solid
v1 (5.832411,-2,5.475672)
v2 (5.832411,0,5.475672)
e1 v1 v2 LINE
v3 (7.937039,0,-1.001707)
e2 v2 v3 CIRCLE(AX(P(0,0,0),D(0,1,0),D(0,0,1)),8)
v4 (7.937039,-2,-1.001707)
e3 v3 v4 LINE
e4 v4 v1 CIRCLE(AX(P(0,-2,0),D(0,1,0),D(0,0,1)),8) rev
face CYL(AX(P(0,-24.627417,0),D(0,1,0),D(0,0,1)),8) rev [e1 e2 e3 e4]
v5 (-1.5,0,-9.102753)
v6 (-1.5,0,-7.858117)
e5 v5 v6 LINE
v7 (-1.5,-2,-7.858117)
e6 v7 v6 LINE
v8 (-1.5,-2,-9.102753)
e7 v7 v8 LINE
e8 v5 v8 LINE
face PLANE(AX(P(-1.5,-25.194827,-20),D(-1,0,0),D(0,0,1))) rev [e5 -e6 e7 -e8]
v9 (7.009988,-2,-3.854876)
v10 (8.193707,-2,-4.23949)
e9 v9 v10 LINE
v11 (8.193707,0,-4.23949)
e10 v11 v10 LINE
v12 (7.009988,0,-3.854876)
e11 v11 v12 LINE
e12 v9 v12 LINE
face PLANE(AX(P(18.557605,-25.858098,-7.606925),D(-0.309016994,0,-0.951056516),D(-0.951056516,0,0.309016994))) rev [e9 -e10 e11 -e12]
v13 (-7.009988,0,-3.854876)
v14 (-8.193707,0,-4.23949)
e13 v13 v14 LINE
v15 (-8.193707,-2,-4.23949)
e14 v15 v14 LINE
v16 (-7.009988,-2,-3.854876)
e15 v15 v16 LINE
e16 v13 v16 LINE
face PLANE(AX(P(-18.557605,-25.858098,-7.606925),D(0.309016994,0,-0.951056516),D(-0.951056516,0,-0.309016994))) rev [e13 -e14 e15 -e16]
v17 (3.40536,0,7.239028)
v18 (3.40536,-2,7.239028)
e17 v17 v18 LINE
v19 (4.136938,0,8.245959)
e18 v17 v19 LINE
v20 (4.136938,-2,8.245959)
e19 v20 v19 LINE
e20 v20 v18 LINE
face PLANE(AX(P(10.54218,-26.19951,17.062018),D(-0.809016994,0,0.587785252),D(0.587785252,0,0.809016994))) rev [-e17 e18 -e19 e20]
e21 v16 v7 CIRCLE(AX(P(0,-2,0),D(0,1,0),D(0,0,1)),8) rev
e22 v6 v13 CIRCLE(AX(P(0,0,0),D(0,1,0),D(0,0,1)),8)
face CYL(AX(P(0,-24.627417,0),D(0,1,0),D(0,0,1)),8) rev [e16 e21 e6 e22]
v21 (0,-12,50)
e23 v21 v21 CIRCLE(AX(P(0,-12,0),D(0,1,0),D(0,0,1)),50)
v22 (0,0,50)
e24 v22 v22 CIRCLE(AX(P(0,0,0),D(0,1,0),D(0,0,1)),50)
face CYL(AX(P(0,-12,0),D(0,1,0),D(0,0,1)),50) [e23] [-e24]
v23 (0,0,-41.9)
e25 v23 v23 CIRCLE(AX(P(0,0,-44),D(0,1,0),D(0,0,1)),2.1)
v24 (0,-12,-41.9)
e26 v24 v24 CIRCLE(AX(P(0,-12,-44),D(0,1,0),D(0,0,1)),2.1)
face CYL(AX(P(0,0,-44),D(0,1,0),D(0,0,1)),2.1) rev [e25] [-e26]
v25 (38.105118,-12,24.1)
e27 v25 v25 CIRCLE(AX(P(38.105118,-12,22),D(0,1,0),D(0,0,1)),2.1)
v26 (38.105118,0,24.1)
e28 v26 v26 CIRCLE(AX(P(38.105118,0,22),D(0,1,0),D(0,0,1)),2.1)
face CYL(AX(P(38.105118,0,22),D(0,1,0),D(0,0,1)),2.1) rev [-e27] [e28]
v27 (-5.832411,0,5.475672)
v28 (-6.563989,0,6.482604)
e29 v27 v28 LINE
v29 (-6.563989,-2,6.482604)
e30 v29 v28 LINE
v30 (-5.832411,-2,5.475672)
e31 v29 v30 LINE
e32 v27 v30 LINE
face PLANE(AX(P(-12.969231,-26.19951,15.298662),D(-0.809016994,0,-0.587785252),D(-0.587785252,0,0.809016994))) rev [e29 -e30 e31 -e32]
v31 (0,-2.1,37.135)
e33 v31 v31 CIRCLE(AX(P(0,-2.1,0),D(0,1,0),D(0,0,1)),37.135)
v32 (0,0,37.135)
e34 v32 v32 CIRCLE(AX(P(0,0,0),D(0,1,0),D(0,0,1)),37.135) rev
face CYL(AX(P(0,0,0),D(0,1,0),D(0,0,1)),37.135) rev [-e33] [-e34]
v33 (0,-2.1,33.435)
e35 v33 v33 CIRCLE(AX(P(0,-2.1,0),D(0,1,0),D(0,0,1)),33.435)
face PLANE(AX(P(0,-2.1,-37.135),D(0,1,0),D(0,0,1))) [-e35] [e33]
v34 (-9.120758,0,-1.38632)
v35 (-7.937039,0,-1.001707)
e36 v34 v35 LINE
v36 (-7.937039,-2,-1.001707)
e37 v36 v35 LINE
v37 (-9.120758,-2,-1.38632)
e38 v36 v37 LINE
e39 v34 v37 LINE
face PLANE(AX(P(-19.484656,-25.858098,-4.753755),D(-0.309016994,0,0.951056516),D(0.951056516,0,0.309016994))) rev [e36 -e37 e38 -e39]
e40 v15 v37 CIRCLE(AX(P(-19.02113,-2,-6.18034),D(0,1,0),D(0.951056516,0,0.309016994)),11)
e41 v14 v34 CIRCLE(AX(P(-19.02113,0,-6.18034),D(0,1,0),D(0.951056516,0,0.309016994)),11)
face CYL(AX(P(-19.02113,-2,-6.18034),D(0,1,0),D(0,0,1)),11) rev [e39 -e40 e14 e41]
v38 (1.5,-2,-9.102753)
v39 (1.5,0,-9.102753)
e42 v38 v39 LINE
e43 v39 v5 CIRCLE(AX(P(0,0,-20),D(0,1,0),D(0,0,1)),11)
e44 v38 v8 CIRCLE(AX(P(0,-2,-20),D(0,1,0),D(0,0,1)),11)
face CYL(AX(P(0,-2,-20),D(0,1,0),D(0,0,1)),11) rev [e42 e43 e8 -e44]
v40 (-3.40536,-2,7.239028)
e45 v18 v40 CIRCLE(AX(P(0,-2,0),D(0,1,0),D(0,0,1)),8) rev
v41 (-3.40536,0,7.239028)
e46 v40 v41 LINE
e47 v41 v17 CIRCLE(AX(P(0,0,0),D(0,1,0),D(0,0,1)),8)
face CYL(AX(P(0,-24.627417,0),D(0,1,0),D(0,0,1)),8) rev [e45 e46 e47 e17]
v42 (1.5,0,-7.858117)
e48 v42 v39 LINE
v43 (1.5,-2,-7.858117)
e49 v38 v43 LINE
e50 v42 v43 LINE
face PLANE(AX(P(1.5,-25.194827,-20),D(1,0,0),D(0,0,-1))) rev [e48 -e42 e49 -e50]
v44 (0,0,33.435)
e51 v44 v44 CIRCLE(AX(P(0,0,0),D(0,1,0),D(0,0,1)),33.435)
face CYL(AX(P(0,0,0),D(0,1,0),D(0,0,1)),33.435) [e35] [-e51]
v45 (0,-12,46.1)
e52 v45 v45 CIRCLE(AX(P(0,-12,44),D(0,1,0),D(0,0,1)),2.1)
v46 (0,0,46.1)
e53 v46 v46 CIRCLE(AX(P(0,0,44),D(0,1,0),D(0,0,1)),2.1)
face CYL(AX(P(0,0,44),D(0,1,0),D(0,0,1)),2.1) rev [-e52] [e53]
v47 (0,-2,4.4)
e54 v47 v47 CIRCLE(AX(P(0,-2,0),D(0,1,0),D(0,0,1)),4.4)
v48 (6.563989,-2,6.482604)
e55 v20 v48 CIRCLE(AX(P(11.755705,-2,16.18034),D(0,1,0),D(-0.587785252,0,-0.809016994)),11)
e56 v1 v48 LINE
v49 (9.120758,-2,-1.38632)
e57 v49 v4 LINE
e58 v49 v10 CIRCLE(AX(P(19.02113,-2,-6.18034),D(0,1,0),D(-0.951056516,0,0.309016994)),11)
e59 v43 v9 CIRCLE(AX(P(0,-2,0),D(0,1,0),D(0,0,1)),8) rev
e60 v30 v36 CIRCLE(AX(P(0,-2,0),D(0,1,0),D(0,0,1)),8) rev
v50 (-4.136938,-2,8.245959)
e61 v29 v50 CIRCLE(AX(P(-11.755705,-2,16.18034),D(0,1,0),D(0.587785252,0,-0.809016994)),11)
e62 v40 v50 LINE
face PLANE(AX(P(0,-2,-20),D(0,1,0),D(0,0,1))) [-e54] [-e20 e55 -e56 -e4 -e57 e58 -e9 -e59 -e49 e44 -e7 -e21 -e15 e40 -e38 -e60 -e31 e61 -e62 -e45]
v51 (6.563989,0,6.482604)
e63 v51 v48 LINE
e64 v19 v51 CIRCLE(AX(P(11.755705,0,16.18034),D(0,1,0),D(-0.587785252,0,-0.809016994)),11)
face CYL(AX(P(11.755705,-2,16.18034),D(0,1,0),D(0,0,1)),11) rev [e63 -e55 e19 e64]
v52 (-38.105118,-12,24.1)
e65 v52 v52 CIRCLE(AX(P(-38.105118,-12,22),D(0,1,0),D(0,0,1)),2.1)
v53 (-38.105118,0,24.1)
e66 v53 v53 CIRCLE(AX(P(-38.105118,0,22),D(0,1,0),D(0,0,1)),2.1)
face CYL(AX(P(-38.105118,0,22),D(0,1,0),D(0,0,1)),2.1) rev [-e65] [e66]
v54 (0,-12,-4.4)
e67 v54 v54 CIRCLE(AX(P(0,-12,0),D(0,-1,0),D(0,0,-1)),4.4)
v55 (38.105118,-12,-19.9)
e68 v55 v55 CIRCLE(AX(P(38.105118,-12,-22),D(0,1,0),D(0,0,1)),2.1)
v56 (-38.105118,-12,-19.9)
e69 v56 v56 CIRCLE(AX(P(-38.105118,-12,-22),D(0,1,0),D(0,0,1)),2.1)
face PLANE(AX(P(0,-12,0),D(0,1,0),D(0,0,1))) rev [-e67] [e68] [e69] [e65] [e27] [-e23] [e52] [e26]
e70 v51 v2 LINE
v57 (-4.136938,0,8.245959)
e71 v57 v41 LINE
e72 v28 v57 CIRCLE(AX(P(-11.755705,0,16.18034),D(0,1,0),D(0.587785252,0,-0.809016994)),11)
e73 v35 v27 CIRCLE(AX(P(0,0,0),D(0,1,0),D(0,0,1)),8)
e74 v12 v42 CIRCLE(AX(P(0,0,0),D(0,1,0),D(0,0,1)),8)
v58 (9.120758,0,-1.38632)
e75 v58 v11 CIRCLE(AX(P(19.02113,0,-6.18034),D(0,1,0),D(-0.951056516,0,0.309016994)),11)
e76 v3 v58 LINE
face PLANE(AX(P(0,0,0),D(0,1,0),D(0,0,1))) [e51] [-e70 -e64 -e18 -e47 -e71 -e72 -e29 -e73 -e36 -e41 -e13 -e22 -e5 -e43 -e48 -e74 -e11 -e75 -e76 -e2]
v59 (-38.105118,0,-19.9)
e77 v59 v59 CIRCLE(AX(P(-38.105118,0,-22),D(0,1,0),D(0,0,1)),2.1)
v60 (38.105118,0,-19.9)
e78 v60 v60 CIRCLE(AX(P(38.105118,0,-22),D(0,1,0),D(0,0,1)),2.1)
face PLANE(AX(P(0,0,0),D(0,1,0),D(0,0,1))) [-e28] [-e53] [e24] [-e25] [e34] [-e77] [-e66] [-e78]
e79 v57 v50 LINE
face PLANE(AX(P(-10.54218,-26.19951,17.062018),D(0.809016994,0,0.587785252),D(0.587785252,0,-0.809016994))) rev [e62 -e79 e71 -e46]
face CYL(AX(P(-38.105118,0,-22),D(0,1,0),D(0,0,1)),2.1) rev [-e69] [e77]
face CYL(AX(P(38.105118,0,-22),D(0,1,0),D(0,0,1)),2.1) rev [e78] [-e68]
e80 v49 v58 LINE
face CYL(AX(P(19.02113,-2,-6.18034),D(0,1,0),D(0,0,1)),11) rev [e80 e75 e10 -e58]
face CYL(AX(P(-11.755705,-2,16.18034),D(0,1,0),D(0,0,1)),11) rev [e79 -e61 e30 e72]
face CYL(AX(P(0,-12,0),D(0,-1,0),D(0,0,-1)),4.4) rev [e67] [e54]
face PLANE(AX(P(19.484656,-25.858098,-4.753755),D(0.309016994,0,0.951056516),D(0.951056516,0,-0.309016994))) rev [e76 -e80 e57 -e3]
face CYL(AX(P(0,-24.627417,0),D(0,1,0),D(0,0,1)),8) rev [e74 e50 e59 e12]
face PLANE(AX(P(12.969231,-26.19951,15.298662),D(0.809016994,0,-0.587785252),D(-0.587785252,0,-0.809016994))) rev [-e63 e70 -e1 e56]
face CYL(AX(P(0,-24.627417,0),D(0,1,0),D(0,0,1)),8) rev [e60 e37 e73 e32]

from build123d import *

# Parameters (mm, degrees)
CROQUIS2_R              = 50
SALIENTE_EXTRUIR1_DEPTH = 12
CROQUIS2_3_R            = 11
CORTAR_EXTRUIR1_DEPTH   = 2
CROQUIS2_6_R            = 8
CORTAR_EXTRUIR4_DEPTH   = 2
TALADRO_ROSCADO_G1_81_D = 8.8
CORTAR_EXTRUIR3_DEPTH   = 2
MATRIZC1_COUNT          = 5
CROQUIS7_W              = 3.7
CROQUIS7_H              = 4.2
TALADRO_ROSCADO_M51_D   = 4.2
MATRIZC2_COUNT          = 6


with BuildPart() as part:
    # Croquis2 → Saliente-Extruir1 (new body)
    with BuildSketch(Plane(origin=(0, 0, 0), x_dir=(1, 0, 0), z_dir=(0, 1, 0))):
        Circle(CROQUIS2_R)
    extrude(amount=-SALIENTE_EXTRUIR1_DEPTH)

    # Croquis2<3> → Cortar-Extruir1 (cut)
    with BuildSketch(Plane(origin=(0, 0, 0), x_dir=(1, 0, 0), z_dir=(0, 1, 0))):
        with Locations((0, 20)):
            Circle(CROQUIS2_3_R)
    cortar_extruir1 = extrude(amount=-CORTAR_EXTRUIR1_DEPTH, mode=Mode.SUBTRACT)

    # Croquis2<6> → Cortar-Extruir4 (cut)
    with BuildSketch(Plane(origin=(0, 0, 0), x_dir=(1, 0, 0), z_dir=(0, 1, 0))):
        Circle(CROQUIS2_6_R)
    extrude(amount=-CORTAR_EXTRUIR4_DEPTH, mode=Mode.SUBTRACT)

    # Taladro roscado G1/81 (through all)
    with Locations(Plane(origin=(0, -12, 0), x_dir=(-1, 0, 0), z_dir=(0, -1, 0))):
        with Locations((0, 0)):
            Hole(TALADRO_ROSCADO_G1_81_D / 2)

    # Croquis6 → Cortar-Extruir3 (cut)
    with BuildSketch(Plane(origin=(0, 0, 0), x_dir=(1, 0, 0), z_dir=(0, 1, 0))):
        with BuildLine():
            Line((1.5, 20), (1.5, 0))
            ThreePointArc((1.5, 0), (0, -1.5), (-1.5, 0))
            Line((-1.5, 0), (-1.5, 20))
            ThreePointArc((-1.5, 20), (0, 21.5), (1.5, 20))
        make_face()
    cortar_extruir3 = extrude(amount=-CORTAR_EXTRUIR3_DEPTH, mode=Mode.SUBTRACT)

    # MatrizC1: Cortar-Extruir1, Cortar-Extruir3 ×5 about axis
    matrizc1_axis = Axis((0, 0, 0), (0, 1, 0))
    for i in range(1, MATRIZC1_COUNT):
        add(cortar_extruir1.rotate(matrizc1_axis, i * 360 / MATRIZC1_COUNT), mode=Mode.SUBTRACT)
        add(cortar_extruir3.rotate(matrizc1_axis, i * 360 / MATRIZC1_COUNT), mode=Mode.SUBTRACT)

    # Croquis7 → Cortar-Revolución1 (revolve, cut)
    with BuildSketch(Plane(origin=(0, 0, 0), x_dir=(0, 0, -1), z_dir=(1, 0, 0))):
        with Locations((35.285, 0)):
            Rectangle(CROQUIS7_W, CROQUIS7_H)
    revolve(axis=Axis((0, 0, 0), (0, -1, 0)), mode=Mode.SUBTRACT)

    # Taladro roscado M51 (through all)
    with Locations(Plane(origin=(0, 0, 0), x_dir=(1, 0, 0), z_dir=(0, 1, 0))):
        with Locations((0, 44)):
            taladro_roscado_m51 = Hole(TALADRO_ROSCADO_M51_D / 2)

    # MatrizC2: Taladro roscado M51 ×6 about axis
    matrizc2_axis = Axis((0, 0, 0), (0, 1, 0))
    for i in range(1, MATRIZC2_COUNT):
        add(taladro_roscado_m51.rotate(matrizc2_axis, i * 360 / MATRIZC2_COUNT), mode=Mode.SUBTRACT)


solid = part.part
